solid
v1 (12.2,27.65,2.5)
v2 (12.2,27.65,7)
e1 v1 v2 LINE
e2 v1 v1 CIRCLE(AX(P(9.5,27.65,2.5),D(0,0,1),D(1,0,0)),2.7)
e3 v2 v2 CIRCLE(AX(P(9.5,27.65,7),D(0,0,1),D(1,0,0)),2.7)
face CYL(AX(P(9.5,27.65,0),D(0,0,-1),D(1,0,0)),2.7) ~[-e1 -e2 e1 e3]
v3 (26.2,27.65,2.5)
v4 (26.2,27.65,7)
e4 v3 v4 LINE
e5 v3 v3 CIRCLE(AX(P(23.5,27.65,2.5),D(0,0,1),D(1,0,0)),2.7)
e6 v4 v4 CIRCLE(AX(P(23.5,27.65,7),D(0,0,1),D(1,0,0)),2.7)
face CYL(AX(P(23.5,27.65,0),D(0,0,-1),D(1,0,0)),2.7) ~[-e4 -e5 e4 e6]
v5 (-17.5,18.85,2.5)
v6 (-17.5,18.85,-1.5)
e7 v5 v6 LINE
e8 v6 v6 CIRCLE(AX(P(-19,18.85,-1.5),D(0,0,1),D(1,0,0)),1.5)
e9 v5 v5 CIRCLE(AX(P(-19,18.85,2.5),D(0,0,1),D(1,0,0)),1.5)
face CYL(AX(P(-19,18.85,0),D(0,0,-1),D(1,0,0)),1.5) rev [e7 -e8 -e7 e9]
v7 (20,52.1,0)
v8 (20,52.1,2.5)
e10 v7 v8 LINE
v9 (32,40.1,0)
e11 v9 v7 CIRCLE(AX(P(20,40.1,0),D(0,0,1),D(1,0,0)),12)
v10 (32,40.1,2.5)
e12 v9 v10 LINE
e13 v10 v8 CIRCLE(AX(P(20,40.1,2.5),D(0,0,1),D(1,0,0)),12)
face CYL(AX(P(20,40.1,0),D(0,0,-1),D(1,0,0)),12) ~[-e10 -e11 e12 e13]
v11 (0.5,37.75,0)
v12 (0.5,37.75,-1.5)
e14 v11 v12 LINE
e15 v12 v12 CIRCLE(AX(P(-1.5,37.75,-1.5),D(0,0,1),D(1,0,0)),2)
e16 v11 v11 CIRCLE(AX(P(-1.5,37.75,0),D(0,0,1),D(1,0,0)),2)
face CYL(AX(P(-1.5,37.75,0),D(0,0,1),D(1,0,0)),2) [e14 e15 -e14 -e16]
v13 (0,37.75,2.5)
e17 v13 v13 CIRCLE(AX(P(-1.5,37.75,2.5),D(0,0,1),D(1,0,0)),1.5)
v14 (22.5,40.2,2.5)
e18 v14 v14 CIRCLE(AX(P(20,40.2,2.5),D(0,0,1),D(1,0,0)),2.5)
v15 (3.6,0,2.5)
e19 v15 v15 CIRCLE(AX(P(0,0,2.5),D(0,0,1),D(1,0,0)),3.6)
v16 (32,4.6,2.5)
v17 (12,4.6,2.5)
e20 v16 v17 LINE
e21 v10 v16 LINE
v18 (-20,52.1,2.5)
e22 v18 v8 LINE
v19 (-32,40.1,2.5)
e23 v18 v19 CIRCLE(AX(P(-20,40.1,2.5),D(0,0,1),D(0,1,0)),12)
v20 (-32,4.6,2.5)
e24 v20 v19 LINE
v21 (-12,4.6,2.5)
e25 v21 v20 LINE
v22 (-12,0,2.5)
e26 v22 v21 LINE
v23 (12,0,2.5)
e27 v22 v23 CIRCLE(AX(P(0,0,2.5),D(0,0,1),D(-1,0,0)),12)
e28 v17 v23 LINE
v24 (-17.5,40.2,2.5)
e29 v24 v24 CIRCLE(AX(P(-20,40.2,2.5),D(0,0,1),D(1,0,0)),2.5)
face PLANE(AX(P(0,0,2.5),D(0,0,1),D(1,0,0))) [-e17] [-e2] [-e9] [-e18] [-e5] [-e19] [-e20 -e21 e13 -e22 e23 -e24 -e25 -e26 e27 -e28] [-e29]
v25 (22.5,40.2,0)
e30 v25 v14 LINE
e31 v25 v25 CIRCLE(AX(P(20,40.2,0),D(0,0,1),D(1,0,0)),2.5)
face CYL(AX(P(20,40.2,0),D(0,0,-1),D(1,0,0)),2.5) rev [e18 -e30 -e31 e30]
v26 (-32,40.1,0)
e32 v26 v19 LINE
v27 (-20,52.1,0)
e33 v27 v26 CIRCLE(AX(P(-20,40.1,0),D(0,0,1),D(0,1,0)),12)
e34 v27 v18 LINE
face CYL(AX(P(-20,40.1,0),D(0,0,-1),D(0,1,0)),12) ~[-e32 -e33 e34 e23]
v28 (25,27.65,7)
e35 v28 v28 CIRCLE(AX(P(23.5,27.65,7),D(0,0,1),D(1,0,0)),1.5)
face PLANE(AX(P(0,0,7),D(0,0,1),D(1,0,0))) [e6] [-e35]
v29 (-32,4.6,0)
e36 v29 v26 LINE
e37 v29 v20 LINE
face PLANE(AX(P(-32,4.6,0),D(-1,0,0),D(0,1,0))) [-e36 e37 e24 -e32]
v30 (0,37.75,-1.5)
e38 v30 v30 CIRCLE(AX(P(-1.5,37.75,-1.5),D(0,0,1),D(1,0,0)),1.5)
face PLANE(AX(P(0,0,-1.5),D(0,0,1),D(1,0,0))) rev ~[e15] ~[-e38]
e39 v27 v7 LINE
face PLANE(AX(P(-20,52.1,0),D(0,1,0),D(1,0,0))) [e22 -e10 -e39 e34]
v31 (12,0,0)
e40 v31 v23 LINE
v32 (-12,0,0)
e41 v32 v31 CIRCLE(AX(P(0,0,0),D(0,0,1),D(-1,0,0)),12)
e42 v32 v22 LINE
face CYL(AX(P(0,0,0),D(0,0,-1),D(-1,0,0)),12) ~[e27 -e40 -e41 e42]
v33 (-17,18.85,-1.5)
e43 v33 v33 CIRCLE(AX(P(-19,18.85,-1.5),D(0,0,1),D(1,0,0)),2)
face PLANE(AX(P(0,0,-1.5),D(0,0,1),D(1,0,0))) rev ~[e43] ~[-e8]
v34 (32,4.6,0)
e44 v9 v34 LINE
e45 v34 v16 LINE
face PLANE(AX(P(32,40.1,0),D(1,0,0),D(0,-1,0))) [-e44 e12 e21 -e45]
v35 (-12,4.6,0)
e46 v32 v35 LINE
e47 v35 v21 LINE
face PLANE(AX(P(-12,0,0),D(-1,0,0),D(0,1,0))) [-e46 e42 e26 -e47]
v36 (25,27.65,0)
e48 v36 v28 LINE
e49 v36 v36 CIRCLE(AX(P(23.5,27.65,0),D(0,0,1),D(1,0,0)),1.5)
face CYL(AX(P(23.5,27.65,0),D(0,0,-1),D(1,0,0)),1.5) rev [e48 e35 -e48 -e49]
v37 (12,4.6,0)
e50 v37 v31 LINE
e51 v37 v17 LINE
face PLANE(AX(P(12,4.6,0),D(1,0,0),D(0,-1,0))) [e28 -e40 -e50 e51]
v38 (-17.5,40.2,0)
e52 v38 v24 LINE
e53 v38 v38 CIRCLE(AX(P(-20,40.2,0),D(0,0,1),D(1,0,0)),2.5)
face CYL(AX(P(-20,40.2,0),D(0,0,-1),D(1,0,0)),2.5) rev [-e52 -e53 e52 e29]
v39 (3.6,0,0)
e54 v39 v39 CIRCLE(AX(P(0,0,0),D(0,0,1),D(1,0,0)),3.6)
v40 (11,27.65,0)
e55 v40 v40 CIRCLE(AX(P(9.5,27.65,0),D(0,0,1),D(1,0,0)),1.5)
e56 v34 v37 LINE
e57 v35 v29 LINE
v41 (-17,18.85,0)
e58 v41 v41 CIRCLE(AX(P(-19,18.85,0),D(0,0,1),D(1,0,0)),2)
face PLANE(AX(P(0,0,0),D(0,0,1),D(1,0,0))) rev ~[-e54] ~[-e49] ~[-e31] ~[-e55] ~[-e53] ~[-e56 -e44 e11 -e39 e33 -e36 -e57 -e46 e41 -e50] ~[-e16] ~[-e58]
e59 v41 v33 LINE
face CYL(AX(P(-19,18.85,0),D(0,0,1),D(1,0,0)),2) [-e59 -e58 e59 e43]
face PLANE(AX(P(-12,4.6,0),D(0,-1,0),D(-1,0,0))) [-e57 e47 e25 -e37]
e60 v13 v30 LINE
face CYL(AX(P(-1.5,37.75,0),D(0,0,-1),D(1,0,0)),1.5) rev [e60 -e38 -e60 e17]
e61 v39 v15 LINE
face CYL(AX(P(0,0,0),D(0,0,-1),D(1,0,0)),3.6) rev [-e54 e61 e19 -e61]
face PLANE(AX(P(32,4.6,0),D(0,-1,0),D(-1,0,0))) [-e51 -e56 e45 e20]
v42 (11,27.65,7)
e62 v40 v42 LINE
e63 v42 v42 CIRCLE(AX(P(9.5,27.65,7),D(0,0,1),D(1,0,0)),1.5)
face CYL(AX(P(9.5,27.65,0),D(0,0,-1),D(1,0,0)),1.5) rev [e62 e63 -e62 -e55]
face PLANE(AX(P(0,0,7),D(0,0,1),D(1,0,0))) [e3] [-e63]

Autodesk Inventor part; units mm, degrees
ref_plane "YZ Plane" through (0, 0, 0) normal (1, 0, 0) x (0, 1, 0)
ref_plane "XZ Plane" through (0, 0, 0) normal (0, 1, 0) x (-1, 0, 0)
ref_plane "XY Plane" through (0, 0, 0) normal (0, 0, 1) x (1, 0, 0)
sketch "Sketch1" plane through (0, 0, 0) normal (0, 0, 1) x (1, 0, 0)
  circle A0 centre (0, 0) radius 3.6
  line L0 (32, 4.6) -> (12, 4.6)
  line L1 (-32, 4.6) -> (-32, 40.1)
  line L2 (-20, 52.1) -> (20, 52.1)
  line L3 (32, 40.1) -> (32, 4.6)
  circle A1 centre (-19, 18.85) radius 2
  circle A2 centre (-1.5, 37.75) radius 2
  circle A3 centre (9.5, 27.65) radius 1.5
  circle A4 centre (23.5, 27.65) radius 1.5
  circle A5 centre (9.5, 27.65) radius 2.7
  circle A6 centre (23.5, 27.65) radius 2.7
  circle A7 centre (-20, 40.2) radius 2.5
  circle A8 centre (-19, 18.85) radius 1.5
  circle A9 centre (-1.5, 37.75) radius 1.5
  circle A10 centre (20, 40.2) radius 2.5
  arc A11 (-20, 52.1) -> (-32, 40.1) centre (-20, 40.1) ccw
  arc A12 (32, 40.1) -> (20, 52.1) centre (20, 40.1) ccw
  arc A13 (-12, 0) -> (12, 0) centre (0, 0) ccw
  line L4 (-12, 0) -> (-12, 4.6)
  line L5 (12, 4.6) -> (12, 0)
  line L6 (-12, 4.6) -> (-32, 4.6)
  point P0 (-32, 52.1)
  dimension "d0" = 7.2
  dimension "d1" = 52.1
  dimension "d2" = 4.6
  dimension "d3" = 32
  dimension "d4" = 32
  dimension "d5" = 4
  dimension "d6" = 33.25
  dimension "d7" = 19
  dimension "d8" = 4
  dimension "d9" = 1.5
  dimension "d10" = 14.35
  dimension "d11" = 3
  dimension "d12" = 9.5
  dimension "d13" = 24.45
  dimension "d14" = 3
  dimension "d15" = 23.5
  dimension "d16" = 1.2
  dimension "d17" = 1.2
  dimension "d18" = 20
  dimension "d19" = 11.9
  dimension "d20" = 5
  dimension "d21" = 3
  dimension "d22" = 3
  dimension "d23" = 5
  dimension "d24" = 20
  dimension "d25" = 12
  dimension "d27" = 12
extrude "Extrusion1" add sketch "Sketch1" along normal blind 2.5 contours L0 L5 A13 L4 L6 L1 A11 L2 A12 L3
extrude "Extrusion2" add sketch "Sketch1" along normal blind 7 contours A5 | A6
extrude "Extrusion3" add sketch "Sketch1" along normal blind 2.5 and the other way blind 1.5 contours A1 | A2
properties part number "ENDER 3 E_PLATE" material "Steel, High Strength, Low Alloy"
